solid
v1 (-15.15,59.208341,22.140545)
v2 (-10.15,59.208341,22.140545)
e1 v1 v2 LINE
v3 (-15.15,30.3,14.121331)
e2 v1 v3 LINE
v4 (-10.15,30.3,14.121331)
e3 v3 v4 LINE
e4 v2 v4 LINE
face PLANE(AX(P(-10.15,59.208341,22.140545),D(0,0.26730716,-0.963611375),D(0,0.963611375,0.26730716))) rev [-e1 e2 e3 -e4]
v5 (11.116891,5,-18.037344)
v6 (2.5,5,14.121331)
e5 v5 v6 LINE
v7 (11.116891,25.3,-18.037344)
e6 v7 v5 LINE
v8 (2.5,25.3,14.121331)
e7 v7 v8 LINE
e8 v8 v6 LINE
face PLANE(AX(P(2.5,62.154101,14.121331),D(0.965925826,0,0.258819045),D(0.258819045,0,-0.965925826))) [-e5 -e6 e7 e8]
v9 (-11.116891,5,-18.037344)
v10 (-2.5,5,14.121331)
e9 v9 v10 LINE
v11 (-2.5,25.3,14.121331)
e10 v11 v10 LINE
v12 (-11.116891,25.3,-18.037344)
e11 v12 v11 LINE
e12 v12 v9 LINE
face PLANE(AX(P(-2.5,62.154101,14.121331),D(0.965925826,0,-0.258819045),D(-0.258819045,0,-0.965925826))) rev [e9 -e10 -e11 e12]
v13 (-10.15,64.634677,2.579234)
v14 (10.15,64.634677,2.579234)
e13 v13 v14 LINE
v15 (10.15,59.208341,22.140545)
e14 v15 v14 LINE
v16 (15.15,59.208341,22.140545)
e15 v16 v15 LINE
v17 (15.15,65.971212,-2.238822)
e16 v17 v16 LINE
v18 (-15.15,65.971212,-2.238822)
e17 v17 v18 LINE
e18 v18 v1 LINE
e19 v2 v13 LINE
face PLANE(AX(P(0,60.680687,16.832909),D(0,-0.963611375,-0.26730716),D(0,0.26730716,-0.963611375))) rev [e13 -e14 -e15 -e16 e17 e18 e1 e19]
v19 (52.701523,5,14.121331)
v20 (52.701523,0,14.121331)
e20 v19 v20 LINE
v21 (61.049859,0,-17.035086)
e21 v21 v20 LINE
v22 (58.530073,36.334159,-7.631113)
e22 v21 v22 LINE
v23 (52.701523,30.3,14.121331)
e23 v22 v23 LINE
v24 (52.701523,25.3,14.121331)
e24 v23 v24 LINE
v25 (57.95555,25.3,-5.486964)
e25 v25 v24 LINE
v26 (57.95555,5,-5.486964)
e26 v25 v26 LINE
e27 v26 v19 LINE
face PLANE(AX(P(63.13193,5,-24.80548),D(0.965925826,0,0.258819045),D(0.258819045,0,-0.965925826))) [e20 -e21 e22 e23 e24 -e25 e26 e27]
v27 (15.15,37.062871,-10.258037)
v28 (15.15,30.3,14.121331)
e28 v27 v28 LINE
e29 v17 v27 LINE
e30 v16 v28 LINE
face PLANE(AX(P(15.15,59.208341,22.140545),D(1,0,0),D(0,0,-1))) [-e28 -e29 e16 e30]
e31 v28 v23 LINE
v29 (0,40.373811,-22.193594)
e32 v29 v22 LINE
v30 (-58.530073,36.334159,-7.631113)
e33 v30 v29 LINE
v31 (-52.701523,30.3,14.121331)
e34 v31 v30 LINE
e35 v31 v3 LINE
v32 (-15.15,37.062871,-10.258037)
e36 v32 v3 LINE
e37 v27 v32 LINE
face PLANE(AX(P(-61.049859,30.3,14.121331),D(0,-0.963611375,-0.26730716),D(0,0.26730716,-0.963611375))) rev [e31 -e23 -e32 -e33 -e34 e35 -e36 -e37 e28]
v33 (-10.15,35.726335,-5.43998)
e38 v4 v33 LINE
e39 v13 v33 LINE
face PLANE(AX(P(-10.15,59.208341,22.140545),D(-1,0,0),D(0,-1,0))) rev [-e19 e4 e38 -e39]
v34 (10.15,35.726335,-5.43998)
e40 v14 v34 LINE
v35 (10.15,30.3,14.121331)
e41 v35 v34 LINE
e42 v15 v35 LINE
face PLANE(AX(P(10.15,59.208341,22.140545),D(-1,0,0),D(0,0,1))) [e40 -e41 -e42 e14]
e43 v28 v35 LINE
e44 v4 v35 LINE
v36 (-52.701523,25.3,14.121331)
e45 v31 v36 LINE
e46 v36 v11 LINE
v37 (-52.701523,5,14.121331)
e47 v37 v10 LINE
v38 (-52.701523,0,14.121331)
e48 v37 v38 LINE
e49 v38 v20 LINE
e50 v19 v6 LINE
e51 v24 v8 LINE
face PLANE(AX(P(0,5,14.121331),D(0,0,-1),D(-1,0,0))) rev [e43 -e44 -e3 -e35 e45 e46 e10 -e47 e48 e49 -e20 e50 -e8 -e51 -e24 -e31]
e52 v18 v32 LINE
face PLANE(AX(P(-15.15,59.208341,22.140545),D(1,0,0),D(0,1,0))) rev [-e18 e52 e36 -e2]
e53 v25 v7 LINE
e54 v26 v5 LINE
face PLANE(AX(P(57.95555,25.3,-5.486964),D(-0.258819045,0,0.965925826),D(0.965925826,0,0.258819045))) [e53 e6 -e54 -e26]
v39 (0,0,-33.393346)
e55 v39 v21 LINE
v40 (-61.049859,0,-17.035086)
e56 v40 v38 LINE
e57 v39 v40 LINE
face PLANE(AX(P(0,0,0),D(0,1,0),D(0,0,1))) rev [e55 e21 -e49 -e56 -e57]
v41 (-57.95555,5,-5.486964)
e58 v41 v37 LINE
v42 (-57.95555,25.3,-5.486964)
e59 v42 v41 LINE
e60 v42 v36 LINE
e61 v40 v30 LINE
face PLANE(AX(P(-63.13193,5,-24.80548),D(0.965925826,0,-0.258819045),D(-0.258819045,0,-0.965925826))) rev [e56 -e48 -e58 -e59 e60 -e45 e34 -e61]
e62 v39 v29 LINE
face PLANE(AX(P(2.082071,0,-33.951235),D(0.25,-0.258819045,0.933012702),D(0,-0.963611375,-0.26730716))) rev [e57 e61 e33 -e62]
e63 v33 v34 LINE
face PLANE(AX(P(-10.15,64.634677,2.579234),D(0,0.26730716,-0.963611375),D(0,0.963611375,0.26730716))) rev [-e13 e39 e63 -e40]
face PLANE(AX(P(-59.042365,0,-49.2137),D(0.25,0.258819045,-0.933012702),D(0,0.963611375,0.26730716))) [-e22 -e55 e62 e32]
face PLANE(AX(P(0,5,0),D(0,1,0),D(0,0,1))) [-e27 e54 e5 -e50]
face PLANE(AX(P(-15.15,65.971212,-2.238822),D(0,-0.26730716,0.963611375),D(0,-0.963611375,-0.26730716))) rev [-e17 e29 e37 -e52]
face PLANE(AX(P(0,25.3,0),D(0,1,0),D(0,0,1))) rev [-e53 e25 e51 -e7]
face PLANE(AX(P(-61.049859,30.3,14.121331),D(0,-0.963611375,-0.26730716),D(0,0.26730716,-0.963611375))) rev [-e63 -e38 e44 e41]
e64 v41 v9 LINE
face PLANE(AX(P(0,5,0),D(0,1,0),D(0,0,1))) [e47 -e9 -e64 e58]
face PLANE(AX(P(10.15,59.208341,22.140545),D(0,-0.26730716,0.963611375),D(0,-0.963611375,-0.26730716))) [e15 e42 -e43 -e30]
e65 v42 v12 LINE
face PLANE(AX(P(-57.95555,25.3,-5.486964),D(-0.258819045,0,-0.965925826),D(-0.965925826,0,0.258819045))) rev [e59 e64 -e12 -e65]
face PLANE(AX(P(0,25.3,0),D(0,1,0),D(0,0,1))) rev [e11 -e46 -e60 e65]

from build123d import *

# Parameters (mm, degrees)
BOSS_EXTRUDE5_DEPTH  = 5
BOSS_EXTRUDE6_DEPTH  = 20.3
BOSS_EXTRUDE7_DEPTH  = 20
CUT_EXTRUDE1_DEPTH   = 90.151426067
CUT_EXTRUDE3_DEPTH   = 84.031866845
BOSS_EXTRUDE9_DEPTH  = 30
BOSS_EXTRUDE11_DEPTH = 20.3


with BuildPart() as part:
    # Sketch8 → Boss-Extrude5 (new body)
    with BuildSketch(Plane(origin=(0, 0, 0), x_dir=(1, 0, 0), z_dir=(0, 1, 0))):
        Polygon((-63.131930479, 24.805480282), (-52.701522962, -14.121330517), (0, -14.121330517), (0, 41.721630071), align=None)
    boss_extrude5 = extrude(amount=BOSS_EXTRUDE5_DEPTH)

    # Sketch9 → Boss-Extrude6 (add)
    with BuildSketch(Plane(origin=(0, 5, 0), x_dir=(1, 0, 0), z_dir=(0, 1, 0))):
        Polygon((-63.131930479, 24.805480282), (-57.955549577, 5.486963756), (0, 21.016106462), (0, 41.721630071), align=None)
    boss_extrude6 = extrude(amount=BOSS_EXTRUDE6_DEPTH)

    # Sketch10 → Boss-Extrude7 (add)
    with BuildSketch(Plane(origin=(0, 25.3, 0), x_dir=(1, 0, 0), z_dir=(0, 1, 0))):
        Polygon((0, 41.721630071), (0, -14.121330517), (-52.701522962, -14.121330517), (-63.131930479, 24.805480282), align=None)
    boss_extrude7 = extrude(amount=BOSS_EXTRUDE7_DEPTH)

    # Sketch19 → Cut-Extrude1 (cut, through all)
    with BuildSketch(Plane(origin=(-52.701522962, 0, 14.121330517), x_dir=(0.25881904510251774, 0, 0.9659258262890692), z_dir=(-0.9659258262890692, 0, 0.25881904510251774))):
        Polygon((-32.255495471, 0), (-20.117397053, 45.3), (-40.3, 45.3), (-40.3, 0), align=None)
    cut_extrude1 = extrude(amount=-CUT_EXTRUDE1_DEPTH, mode=Mode.SUBTRACT)

    # Sketch22 → Cut-Extrude3 (cut, through all)
    with BuildSketch(Plane(origin=(0, 0, 0), x_dir=(0, 0, -1), z_dir=(1, 0, 0))):
        Polygon((-14.121330517, 30.3), (22.193593674, 40.37381141), (20.827061981, 45.3), (-14.121330517, 45.3), align=None)
    cut_extrude3 = extrude(amount=-CUT_EXTRUDE3_DEPTH, mode=Mode.SUBTRACT)

    # Sketch23 → Boss-Extrude9 (add)
    with BuildSketch(Plane(origin=(0, 31.772345951, 8.813693772), x_dir=(1, 0, 0), z_dir=(0, 0.9636113749942826, 0.26730716036355656))):
        Polygon((-10.15, -5.508067758), (-15.15, -5.508067758), (-15.15, 19.791932242), (0, 19.791932242), (0, 14.791932242), (-10.15, 14.791932242), align=None)
    boss_extrude9 = extrude(amount=BOSS_EXTRUDE9_DEPTH)

    # Sketch24 → Boss-Extrude11 (add)
    with BuildSketch(Plane(origin=(0, 5, 0), x_dir=(1, 0, 0), z_dir=(0, 1, 0))):
        Polygon((-2.5, -14.121330517), (-11.116891, 18.037344497), (0, 21.016106462), (0, -14.121330517), align=None)
    boss_extrude11 = extrude(amount=BOSS_EXTRUDE11_DEPTH)

    # Mirror1: Boss-Extrude5, Boss-Extrude6, Boss-Extrude7, Cut-Extrude1, Cut-Extrude3, Boss-Extrude9, Boss-Extrude11 across plane
    add(boss_extrude5.mirror(Plane(origin=(0, 5, -41.721630071), x_dir=(0, 0, 1), z_dir=(-1, 0, 0))))
    add(boss_extrude6.mirror(Plane(origin=(0, 5, -41.721630071), x_dir=(0, 0, 1), z_dir=(-1, 0, 0))))
    add(boss_extrude7.mirror(Plane(origin=(0, 5, -41.721630071), x_dir=(0, 0, 1), z_dir=(-1, 0, 0))))
    add(cut_extrude1.mirror(Plane(origin=(0, 5, -41.721630071), x_dir=(0, 0, 1), z_dir=(-1, 0, 0))), mode=Mode.SUBTRACT)
    add(cut_extrude3.mirror(Plane(origin=(0, 5, -41.721630071), x_dir=(0, 0, 1), z_dir=(-1, 0, 0))), mode=Mode.SUBTRACT)
    add(boss_extrude9.mirror(Plane(origin=(0, 5, -41.721630071), x_dir=(0, 0, 1), z_dir=(-1, 0, 0))))
    add(boss_extrude11.mirror(Plane(origin=(0, 5, -41.721630071), x_dir=(0, 0, 1), z_dir=(-1, 0, 0))))


solid = part.part
